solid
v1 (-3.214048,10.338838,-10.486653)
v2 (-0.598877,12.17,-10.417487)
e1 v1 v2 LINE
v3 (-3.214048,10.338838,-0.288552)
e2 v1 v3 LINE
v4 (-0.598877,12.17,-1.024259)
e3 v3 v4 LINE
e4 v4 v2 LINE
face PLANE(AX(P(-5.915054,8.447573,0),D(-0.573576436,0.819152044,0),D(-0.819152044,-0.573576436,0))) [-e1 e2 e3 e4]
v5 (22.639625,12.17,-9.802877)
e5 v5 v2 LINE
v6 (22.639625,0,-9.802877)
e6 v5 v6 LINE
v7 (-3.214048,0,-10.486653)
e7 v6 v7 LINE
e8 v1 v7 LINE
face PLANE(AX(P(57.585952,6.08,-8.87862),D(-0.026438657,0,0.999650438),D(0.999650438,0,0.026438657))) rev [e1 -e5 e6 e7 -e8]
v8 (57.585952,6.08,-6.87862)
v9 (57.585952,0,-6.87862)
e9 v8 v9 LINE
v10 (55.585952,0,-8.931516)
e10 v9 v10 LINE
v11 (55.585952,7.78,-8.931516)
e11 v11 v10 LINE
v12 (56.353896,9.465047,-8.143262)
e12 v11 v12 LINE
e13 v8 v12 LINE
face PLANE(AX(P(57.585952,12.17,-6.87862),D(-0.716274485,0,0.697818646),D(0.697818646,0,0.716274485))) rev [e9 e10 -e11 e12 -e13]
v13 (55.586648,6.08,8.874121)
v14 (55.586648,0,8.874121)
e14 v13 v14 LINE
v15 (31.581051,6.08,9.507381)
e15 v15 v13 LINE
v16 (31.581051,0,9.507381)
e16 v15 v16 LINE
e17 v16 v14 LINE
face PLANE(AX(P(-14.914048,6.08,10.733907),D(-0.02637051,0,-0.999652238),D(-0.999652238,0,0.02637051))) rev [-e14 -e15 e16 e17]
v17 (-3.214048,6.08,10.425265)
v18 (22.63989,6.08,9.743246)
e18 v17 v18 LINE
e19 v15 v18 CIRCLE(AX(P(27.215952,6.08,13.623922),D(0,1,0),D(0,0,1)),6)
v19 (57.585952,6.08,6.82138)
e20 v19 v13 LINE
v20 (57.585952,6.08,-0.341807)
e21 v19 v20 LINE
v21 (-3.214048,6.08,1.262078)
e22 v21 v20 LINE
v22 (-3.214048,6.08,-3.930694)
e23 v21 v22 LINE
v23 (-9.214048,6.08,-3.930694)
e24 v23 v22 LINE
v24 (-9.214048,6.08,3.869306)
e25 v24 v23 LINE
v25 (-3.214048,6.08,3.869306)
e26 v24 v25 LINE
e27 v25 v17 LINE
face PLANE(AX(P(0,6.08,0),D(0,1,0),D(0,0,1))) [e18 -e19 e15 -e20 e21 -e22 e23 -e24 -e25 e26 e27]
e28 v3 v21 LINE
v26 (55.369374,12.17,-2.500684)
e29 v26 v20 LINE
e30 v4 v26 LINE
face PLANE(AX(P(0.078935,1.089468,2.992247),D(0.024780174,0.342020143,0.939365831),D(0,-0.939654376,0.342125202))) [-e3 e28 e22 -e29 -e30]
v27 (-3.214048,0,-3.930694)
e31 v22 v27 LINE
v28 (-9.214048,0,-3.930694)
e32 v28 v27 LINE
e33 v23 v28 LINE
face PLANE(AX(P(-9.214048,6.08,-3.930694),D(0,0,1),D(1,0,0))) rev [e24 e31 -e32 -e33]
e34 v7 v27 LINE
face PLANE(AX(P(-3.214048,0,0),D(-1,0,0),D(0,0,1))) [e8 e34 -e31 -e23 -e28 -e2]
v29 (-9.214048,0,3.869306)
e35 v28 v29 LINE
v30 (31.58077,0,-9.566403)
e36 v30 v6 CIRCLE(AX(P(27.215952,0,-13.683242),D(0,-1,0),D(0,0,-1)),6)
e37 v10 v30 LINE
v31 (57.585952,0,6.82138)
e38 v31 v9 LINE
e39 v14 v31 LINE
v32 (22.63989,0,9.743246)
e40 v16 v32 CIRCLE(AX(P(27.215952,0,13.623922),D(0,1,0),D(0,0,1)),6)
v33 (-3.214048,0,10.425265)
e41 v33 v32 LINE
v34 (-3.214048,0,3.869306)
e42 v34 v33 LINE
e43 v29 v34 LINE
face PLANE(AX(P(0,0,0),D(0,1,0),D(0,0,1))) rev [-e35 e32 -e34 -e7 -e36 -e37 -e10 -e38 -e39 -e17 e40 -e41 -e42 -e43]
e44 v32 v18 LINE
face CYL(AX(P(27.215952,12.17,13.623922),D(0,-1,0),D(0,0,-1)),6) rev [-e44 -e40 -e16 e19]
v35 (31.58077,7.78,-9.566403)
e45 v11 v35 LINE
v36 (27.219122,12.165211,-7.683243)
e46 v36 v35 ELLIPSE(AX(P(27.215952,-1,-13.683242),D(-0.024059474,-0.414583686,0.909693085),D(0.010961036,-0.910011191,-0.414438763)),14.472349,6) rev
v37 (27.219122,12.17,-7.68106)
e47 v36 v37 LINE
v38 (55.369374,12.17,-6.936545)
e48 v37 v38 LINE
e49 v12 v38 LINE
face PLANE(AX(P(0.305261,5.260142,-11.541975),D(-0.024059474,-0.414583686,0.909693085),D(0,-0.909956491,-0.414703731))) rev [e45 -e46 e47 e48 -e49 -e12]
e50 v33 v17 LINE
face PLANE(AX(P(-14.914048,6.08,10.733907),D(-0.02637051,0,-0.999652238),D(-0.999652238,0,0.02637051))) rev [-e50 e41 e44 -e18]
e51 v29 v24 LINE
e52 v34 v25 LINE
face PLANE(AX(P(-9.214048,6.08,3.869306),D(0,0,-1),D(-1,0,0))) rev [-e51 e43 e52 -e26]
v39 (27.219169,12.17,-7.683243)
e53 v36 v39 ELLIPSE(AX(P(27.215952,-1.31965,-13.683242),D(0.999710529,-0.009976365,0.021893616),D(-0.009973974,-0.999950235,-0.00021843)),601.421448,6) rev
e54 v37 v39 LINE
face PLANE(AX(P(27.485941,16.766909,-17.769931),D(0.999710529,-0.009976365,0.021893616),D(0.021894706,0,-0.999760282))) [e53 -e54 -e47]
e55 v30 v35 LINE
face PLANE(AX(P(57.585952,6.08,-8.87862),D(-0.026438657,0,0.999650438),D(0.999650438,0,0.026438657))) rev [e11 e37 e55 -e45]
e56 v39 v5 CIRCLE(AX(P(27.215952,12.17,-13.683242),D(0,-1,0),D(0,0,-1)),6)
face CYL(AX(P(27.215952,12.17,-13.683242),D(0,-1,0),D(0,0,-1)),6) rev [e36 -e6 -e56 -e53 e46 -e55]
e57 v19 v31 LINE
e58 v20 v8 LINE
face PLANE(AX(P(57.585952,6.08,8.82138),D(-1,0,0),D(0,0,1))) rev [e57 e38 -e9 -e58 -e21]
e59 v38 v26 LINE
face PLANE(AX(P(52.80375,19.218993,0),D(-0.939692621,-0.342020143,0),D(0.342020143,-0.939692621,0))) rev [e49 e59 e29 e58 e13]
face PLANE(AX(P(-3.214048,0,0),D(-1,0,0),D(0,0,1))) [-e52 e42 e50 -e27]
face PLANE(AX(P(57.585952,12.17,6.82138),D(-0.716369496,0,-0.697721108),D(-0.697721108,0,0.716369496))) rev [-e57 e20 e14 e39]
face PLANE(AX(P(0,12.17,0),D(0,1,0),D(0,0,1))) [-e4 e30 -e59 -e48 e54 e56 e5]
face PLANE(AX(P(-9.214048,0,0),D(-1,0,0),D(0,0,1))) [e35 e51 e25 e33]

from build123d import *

# Parameters (mm, degrees)
BOSS_EXTRUDE1_DEPTH = 6.08
BOSS_EXTRUDE2_DEPTH = 6.09
SKETCH4_W           = 70.899698082
SKETCH4_H           = 9.313865989
CUT_EXTRUDE4_DEPTH  = 13.09
SKETCH5_W           = 29.305939782
SKETCH5_H           = 12.234342693
CUT_EXTRUDE5_DEPTH  = 19.09
SKETCH6_R           = 6
CUT_EXTRUDE6_DEPTH  = 60.839839878
CUT_EXTRUDE7_DEPTH  = 11.09
SKETCH10_W          = 36.097359295
SKETCH10_H          = 22.987225517
CUT_EXTRUDE11_DEPTH = 63.929843377
SKETCH12_W          = 7.8
SKETCH12_H          = 6.08
BOSS_EXTRUDE4_DEPTH = 6
CUT_EXTRUDE12_REACH = 66.913
SKETCH13_W          = 18.746233403
SKETCH13_H          = 9.142839949


with BuildPart() as part:
    # Sketch1 → Boss-Extrude1 (new body)
    with BuildSketch(Plane(origin=(0, 0, 0), x_dir=(1, 0, 0), z_dir=(0, 1, 0))):
        Polygon((-14.914047624, 10.796093069), (-14.914047624, -10.733906931), (57.585952376, -8.821379846), (57.585952376, 8.878620154), align=None)
    extrude(amount=BOSS_EXTRUDE1_DEPTH)

    # Sketch2 → Boss-Extrude2 (add)
    with BuildSketch(Plane(origin=(0, 6.08, 0), x_dir=(1, 0, 0), z_dir=(0, 1, 0))):
        Polygon((-13.064047624, 10.74716445), (-13.064047624, -1.521917904), (57.585952376, 0.341806766), (57.585952376, 8.878620154), align=None)
    extrude(amount=BOSS_EXTRUDE2_DEPTH)

    # Sketch4 → Cut-Extrude4 (cut)
    with BuildSketch(Plane(origin=(0.078934537, 1.089467811, 2.992247256), x_dir=(0.9996522376299903, 0, -0.026370510070028146), z_dir=(0.02478017371916596, 0.34202014332566605, 0.9393658310530242))):
        with Locations((22.35021085, 9.967746424)):
            Rectangle(SKETCH4_W, SKETCH4_H)
    extrude(amount=CUT_EXTRUDE4_DEPTH, mode=Mode.SUBTRACT)

    # Sketch5 → Cut-Extrude5 (cut)
    with BuildSketch(Plane(origin=(52.803749931, 19.218993233, 0), x_dir=(0, 0, -1), z_dir=(0.9396926207859081, 0.34202014332566943, 1.2295842975475839e-15))):
        with Locations((0.411188199, -7.865053205)):
            Rectangle(SKETCH5_W, SKETCH5_H)
    extrude(amount=CUT_EXTRUDE5_DEPTH, mode=Mode.SUBTRACT)

    # Sketch6 → Cut-Extrude6 (cut, through all)
    with BuildSketch(Plane.XZ):
        with Locations((27.215952376, 13.62392238)):
            Circle(SKETCH6_R)
        with Locations((27.215952376, -13.683241685)):
            Circle(SKETCH6_R)
        Polygon((-14.914047624, 10.733906931), (-14.914047624, 8.733906931), (-12.914047624, 10.681147563), align=None)
        Polygon((-14.914047624, -10.796093069), (-12.914047624, -10.743197265), (-14.914047624, -8.796093069), align=None)
        Polygon((55.586647901, 8.874120866), (57.585952376, 8.821379846), (57.585952376, 6.821379846), align=None)
        Polygon((57.585952376, -8.878620154), (57.585952376, -6.878620154), (55.585952376, -8.931515959), align=None)
    extrude(amount=-CUT_EXTRUDE6_DEPTH, mode=Mode.SUBTRACT)

    # Sketch7 → Cut-Extrude7 (cut)
    with BuildSketch(Plane(origin=(0.305261026, 5.260141687, -11.541974951), x_dir=(-0.9997105289622884, 0.009976365195544153, -0.021893615951381312), z_dir=(0.024059473814631405, 0.4145836859950284, -0.9096930850712998))):
        Polygon((-26.921663821, 7.88786599), (-26.921663821, 3.064364781), (-63.575410801, 3.466220434), (-63.575410801, 10.38968732), (-26.921663821, 9.987831666), align=None)
    extrude(amount=CUT_EXTRUDE7_DEPTH, mode=Mode.SUBTRACT)

    # Sketch10 → Cut-Extrude11 (cut, through all)
    with BuildSketch(Plane.ZY.offset(3.214047624)):
        with Locations((0.41938451, 3.731019242)):
            Rectangle(SKETCH10_W, SKETCH10_H)
    extrude(amount=CUT_EXTRUDE11_DEPTH, mode=Mode.SUBTRACT)

    # Sketch12 → Boss-Extrude4 (add)
    with BuildSketch(Plane.ZY.offset(3.214047624)):
        with Locations((-0.030693992, 3.04)):
            Rectangle(SKETCH12_W, SKETCH12_H)
    extrude(amount=BOSS_EXTRUDE4_DEPTH)

    # Sketch13 → Cut-Extrude12 (cut, up to next)
    with BuildSketch(Plane(origin=(-5.91505424, 8.447572923, 0), x_dir=(0, 0, 1), z_dir=(-0.5735764363510444, 0.819152044288993, 0)), mode=Mode.PRIVATE) as cut_extrude12_sk1:
        with Locations((-4.290942315, 4.9788615)):
            Rectangle(SKETCH13_W, SKETCH13_H)
    cut_extrude12_tool1 = extrude(cut_extrude12_sk1.sketch, amount=CUT_EXTRUDE12_REACH, mode=Mode.PRIVATE) & part.part
    add(cut_extrude12_tool1.solids().sort_by_distance((-1.83661, 11.303331, -4.290942))[0], mode=Mode.SUBTRACT)


solid = part.part
